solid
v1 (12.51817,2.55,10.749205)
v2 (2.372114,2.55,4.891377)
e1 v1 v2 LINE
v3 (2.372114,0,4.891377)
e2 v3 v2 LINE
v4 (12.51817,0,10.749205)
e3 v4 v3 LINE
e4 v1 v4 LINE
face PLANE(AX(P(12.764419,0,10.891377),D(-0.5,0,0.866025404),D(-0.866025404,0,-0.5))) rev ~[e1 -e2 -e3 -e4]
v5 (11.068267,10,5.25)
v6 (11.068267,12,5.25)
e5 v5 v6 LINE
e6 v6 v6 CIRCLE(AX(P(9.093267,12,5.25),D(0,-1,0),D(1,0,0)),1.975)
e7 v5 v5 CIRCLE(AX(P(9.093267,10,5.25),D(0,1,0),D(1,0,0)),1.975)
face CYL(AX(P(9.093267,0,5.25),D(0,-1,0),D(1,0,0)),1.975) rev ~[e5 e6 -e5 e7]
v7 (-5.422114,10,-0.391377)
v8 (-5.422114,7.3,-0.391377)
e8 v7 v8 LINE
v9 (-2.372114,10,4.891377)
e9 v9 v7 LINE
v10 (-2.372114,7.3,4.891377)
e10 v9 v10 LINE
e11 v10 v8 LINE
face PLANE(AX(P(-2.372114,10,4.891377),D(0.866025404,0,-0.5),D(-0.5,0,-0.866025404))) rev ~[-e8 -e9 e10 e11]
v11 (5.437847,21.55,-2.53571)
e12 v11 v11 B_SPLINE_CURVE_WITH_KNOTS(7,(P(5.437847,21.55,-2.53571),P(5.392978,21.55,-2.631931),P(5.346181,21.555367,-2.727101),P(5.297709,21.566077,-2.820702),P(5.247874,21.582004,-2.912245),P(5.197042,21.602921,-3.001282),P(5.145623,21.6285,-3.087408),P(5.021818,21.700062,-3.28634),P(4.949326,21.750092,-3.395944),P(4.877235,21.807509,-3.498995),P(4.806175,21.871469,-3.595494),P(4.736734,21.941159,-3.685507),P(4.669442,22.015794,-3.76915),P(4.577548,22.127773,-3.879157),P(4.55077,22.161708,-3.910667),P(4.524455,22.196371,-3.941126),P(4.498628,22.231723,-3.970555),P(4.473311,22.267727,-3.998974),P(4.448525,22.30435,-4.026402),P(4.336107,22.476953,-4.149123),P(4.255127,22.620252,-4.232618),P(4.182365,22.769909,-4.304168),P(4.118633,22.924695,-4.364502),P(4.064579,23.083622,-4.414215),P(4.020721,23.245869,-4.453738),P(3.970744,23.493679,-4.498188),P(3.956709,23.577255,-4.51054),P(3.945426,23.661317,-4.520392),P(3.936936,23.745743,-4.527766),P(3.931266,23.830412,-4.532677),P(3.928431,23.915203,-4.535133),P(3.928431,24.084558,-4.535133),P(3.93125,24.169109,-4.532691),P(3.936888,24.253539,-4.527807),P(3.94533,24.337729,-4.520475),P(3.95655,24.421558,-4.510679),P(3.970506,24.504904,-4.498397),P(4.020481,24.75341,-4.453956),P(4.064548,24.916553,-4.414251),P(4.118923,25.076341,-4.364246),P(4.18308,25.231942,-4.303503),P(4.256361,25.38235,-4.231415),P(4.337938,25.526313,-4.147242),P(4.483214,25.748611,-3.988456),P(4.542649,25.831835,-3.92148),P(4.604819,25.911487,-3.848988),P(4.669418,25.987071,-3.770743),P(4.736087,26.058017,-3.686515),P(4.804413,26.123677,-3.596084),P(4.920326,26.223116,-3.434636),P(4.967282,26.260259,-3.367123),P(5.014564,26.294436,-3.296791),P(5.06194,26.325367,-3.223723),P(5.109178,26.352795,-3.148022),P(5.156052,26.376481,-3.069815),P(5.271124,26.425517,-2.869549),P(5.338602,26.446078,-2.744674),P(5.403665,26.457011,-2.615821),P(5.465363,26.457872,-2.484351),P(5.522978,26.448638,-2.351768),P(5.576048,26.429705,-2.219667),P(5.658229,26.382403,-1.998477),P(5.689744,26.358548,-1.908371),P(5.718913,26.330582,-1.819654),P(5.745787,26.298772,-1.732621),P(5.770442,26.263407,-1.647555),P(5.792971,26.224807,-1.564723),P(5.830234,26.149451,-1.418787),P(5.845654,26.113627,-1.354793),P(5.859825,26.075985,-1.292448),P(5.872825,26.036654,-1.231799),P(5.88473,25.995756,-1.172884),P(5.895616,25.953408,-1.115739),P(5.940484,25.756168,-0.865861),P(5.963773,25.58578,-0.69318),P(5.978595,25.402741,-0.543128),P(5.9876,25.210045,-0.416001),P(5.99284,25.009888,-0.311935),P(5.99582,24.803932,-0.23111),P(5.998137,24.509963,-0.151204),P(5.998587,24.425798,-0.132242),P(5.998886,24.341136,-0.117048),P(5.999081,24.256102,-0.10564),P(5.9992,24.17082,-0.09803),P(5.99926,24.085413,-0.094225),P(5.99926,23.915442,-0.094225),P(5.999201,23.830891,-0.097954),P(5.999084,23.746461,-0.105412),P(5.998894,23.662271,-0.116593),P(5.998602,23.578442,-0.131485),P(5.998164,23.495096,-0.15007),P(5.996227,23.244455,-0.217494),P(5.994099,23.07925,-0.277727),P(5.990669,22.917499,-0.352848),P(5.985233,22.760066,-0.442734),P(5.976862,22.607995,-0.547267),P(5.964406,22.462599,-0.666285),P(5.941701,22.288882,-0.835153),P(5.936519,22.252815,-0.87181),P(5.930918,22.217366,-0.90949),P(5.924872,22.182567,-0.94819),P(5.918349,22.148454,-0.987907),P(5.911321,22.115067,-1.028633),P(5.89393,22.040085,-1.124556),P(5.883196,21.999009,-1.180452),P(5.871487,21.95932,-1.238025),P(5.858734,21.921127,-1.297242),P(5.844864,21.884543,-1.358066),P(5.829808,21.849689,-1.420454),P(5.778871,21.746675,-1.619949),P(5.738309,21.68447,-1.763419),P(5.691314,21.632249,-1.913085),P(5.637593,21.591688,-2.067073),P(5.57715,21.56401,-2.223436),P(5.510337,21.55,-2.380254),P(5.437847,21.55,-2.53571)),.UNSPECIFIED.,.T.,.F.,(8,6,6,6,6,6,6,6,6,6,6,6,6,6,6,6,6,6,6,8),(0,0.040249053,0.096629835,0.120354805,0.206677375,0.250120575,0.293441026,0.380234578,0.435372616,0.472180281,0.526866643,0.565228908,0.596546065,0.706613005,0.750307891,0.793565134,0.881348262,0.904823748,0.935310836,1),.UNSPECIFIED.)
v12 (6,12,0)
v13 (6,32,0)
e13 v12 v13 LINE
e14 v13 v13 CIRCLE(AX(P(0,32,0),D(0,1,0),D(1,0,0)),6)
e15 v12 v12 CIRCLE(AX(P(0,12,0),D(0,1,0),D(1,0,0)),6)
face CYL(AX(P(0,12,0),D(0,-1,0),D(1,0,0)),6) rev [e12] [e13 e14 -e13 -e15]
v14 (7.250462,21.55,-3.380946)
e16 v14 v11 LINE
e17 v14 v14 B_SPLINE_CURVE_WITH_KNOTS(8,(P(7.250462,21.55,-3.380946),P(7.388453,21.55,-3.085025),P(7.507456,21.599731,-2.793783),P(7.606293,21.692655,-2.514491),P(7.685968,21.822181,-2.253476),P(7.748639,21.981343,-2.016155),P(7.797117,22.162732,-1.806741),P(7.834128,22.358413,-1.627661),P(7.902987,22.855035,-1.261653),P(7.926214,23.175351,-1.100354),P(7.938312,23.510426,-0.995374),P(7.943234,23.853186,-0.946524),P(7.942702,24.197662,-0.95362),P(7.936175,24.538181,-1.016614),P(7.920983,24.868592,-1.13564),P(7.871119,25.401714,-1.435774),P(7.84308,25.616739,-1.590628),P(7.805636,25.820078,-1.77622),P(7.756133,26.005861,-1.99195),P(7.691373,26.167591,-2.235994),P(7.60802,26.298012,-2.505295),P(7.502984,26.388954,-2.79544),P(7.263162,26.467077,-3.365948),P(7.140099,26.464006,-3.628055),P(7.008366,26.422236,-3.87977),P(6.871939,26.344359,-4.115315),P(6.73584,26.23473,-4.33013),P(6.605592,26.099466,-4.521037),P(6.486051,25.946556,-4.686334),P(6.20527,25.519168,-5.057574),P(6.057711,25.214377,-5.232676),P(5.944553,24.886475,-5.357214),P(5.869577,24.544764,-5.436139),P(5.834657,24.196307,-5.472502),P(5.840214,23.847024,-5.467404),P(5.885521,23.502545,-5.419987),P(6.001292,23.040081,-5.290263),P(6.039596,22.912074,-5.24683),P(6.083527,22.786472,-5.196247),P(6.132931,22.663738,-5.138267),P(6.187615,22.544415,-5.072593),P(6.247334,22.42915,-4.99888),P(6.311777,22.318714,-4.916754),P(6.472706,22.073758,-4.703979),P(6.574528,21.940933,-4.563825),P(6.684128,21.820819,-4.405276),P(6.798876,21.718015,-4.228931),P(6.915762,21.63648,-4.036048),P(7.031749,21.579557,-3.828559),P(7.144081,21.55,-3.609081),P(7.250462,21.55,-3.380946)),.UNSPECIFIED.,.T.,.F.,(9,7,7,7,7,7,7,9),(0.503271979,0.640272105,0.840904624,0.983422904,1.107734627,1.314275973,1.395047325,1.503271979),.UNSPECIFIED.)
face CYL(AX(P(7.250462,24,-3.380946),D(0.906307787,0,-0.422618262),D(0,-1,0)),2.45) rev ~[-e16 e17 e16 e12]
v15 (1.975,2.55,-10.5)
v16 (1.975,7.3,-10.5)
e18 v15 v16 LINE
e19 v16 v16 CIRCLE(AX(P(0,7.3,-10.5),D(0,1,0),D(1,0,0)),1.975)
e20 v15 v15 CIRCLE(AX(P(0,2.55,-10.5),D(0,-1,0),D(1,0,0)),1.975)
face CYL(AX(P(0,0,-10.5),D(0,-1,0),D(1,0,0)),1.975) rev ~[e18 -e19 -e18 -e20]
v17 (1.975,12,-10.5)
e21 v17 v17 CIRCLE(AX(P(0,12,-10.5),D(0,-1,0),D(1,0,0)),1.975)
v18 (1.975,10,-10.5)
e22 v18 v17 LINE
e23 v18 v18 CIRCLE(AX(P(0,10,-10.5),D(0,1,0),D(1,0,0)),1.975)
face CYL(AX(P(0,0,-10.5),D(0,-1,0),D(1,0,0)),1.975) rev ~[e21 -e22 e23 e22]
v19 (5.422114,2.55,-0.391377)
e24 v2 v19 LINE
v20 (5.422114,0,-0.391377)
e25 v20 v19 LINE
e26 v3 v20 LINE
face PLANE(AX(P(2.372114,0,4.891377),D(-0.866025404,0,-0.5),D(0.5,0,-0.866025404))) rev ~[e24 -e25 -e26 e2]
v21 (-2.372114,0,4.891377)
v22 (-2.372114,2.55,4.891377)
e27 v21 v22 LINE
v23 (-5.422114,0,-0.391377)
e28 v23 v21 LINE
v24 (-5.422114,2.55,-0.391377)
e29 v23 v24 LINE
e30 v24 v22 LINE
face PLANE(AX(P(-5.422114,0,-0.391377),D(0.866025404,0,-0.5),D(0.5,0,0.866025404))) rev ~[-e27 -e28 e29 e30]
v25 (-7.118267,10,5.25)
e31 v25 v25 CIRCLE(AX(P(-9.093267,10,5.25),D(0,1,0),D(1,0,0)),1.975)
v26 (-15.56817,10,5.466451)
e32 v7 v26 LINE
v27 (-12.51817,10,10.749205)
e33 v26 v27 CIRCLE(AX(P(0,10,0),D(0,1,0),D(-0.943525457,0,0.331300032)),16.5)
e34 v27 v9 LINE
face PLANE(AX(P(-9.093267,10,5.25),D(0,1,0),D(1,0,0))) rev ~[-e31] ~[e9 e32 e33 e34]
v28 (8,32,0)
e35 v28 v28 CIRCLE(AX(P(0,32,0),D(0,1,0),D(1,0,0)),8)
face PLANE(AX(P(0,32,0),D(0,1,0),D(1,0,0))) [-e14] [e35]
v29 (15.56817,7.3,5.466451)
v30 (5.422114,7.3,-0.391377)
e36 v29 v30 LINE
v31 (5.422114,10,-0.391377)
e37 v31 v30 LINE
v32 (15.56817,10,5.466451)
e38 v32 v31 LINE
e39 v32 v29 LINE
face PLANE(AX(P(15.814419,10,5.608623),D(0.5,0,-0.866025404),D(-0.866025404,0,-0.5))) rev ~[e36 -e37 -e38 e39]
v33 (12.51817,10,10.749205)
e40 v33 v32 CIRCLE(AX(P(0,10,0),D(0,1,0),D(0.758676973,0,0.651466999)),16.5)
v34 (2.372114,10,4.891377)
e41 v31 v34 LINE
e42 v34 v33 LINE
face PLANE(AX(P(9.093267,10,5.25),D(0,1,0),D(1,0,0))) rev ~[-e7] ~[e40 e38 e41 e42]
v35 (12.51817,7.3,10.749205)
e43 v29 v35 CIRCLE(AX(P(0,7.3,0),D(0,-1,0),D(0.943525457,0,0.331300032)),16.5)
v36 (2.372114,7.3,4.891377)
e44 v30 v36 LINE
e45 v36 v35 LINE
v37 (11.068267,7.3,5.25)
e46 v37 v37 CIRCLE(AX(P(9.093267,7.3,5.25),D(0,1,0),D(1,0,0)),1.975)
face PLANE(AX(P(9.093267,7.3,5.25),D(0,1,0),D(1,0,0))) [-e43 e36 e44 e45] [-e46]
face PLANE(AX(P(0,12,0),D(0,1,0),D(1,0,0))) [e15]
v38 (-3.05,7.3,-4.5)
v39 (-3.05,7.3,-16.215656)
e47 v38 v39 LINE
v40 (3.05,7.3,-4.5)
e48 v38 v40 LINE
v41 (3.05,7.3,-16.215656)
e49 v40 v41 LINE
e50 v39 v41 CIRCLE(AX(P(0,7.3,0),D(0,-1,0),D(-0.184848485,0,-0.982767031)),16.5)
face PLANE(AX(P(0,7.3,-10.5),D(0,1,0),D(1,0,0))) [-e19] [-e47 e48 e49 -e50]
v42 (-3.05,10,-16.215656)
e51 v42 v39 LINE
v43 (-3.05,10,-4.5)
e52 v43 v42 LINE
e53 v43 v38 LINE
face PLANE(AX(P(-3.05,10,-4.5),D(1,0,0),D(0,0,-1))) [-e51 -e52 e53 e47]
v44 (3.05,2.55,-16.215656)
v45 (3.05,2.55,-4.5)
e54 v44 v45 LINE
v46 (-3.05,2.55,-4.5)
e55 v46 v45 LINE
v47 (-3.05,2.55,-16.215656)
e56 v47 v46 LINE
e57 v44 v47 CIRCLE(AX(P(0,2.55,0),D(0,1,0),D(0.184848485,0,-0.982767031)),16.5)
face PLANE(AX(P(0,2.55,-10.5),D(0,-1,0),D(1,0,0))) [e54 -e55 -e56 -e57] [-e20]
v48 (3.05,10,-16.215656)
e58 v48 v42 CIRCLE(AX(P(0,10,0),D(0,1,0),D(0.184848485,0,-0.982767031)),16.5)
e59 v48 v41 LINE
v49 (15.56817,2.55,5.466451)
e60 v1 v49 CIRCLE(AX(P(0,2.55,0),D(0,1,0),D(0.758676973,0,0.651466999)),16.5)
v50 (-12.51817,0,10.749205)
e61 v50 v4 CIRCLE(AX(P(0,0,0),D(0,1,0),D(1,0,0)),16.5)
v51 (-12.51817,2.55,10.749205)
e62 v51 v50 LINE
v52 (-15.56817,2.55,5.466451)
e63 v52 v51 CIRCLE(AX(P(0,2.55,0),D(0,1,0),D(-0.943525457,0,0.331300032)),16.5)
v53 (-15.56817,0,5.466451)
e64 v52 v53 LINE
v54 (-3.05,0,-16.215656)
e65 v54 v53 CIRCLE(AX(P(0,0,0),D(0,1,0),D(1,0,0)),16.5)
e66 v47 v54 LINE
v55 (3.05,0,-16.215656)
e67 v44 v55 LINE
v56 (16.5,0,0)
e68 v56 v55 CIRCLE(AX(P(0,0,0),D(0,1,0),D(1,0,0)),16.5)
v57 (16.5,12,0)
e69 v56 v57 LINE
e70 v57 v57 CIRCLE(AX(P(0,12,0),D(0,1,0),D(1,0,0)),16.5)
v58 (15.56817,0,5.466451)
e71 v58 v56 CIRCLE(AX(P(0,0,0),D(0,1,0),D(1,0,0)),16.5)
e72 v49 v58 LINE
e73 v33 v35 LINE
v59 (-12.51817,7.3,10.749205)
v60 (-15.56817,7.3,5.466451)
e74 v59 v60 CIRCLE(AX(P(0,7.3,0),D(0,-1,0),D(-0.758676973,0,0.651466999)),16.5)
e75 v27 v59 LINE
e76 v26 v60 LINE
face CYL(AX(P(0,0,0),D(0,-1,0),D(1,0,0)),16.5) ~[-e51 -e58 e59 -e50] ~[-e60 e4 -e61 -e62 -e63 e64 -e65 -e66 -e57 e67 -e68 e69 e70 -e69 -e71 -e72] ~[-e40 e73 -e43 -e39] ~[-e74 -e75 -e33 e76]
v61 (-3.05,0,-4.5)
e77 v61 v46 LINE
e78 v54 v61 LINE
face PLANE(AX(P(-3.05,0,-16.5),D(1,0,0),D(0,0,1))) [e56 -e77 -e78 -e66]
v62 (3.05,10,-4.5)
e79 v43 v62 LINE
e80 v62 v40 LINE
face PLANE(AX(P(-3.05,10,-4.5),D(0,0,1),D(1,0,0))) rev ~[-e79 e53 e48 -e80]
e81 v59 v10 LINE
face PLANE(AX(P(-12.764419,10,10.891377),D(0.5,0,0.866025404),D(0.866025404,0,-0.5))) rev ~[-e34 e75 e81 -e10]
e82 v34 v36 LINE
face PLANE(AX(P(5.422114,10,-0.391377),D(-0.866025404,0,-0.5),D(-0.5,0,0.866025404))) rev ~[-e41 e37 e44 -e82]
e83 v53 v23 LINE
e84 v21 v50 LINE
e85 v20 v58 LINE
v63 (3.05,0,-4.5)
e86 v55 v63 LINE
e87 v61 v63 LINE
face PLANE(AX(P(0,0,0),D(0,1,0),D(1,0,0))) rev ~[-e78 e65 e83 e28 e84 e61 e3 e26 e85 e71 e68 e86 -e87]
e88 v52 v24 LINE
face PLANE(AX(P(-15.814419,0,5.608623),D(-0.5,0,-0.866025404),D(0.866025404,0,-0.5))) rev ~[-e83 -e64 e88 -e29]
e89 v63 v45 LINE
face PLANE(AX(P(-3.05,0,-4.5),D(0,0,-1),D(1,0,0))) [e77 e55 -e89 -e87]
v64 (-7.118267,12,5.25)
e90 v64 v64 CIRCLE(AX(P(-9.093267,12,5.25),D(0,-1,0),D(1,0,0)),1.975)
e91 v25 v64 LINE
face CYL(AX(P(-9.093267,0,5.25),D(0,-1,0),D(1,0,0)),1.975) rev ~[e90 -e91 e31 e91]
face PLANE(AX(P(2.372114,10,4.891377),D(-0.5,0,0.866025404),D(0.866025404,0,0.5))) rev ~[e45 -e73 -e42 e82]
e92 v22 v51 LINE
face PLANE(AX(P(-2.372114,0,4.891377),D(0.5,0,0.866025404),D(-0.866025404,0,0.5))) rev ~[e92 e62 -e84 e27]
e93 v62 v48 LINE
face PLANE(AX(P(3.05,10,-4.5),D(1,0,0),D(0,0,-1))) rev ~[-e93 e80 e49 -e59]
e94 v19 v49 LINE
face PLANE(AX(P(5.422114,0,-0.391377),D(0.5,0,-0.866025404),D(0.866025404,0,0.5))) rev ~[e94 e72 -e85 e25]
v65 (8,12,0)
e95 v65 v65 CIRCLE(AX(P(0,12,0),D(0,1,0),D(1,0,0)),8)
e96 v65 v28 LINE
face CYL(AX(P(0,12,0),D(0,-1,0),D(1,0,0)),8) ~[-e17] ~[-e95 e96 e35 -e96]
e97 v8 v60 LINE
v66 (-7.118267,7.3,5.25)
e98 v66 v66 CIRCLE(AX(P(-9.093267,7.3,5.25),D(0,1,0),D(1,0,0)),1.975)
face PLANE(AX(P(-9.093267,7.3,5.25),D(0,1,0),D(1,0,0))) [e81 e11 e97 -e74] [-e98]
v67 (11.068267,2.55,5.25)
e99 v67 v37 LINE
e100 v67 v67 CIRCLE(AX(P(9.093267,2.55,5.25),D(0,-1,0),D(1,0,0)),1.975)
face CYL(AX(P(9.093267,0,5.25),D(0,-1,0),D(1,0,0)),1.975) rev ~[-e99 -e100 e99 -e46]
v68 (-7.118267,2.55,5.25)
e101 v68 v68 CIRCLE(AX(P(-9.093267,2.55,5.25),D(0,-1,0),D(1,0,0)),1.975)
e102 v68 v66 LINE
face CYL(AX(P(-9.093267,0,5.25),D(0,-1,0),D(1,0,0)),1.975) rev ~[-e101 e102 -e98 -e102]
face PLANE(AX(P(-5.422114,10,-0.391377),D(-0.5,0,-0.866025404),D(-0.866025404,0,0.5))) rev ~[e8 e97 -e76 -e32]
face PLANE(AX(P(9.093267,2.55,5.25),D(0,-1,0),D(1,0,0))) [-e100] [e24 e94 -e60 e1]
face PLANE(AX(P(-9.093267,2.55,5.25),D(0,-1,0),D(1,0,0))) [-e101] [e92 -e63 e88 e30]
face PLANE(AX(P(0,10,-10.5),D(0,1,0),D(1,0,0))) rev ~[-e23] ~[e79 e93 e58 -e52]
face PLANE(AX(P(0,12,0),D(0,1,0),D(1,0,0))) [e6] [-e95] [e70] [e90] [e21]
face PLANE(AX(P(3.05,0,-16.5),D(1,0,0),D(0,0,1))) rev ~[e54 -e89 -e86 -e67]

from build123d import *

# Parameters (mm, degrees)
CROQUIS1_R              = 16.5
SALIENTE_EXTRUIR1_DEPTH = 12
CROQUIS2_R              = 1.975
CROQUIS2_W              = 6.1
CROQUIS2_H              = 12
CORTAR_EXTRUIR1_DEPTH   = 2.55
CROQUIS2_2_R            = 1.975
CORTAR_EXTRUIR2_DEPTH   = 27.239283527
CORTAR_EXTRUIR3_START   = -2.7
CROQUIS3_W              = 6.1
CROQUIS3_H              = 12
CROQUIS3_R              = 1.975
CORTAR_EXTRUIR3_DEPTH   = 2.7
CROQUIS4_R              = 8
CROQUIS4_R_2            = 6
EXTRUIR_L_MINA1_DEPTH   = 20
CORTAR_EXTRUIR4_REACH   = 46.535
CROQUIS5_R              = 2.45


with BuildPart() as part:
    # Croquis1 → Saliente-Extruir1 (new body)
    with BuildSketch(Plane(origin=(0, 0, 0), x_dir=(1, 0, 0), z_dir=(0, 1, 0))):
        Circle(CROQUIS1_R)
    extrude(amount=SALIENTE_EXTRUIR1_DEPTH)

    # Croquis2 → Cortar-Extruir1 (cut)
    # profile 1 of 3: a face of its own
    with BuildSketch(Plane.XZ):
        Polygon((-12.764419162, 10.891377482), (-15.814419162, 5.608622518), (-5.422114317, -0.391377482), (-2.372114317, 4.891377482), align=None)
        with Locations((-9.09326674, 5.25)):
            Circle(CROQUIS2_R, mode=Mode.SUBTRACT)
    # profile 2 of 3: a face of its own
    with BuildSketch(Plane.XZ):
        with Locations((0, -10.5)):
            Rectangle(CROQUIS2_W, CROQUIS2_H)
        with Locations((0, -10.5)):
            Circle(CROQUIS2_R, mode=Mode.SUBTRACT)
    # profile 3 of 3: a face of its own
    with BuildSketch(Plane.XZ):
        Polygon((15.814419162, 5.608622518), (12.764419162, 10.891377482), (2.372114317, 4.891377482), (5.422114317, -0.391377482), align=None)
        with Locations((9.09326674, 5.25)):
            Circle(CROQUIS2_R, mode=Mode.SUBTRACT)
    extrude(amount=-CORTAR_EXTRUIR1_DEPTH, mode=Mode.SUBTRACT)

    # Croquis2<2> → Cortar-Extruir2 (cut, through all)
    with BuildSketch(Plane.XZ):
        with Locations((0, -10.5)):
            Circle(CROQUIS2_2_R)
        with Locations((-9.09326674, 5.25)):
            Circle(CROQUIS2_2_R)
        with Locations((9.09326674, 5.25)):
            Circle(CROQUIS2_2_R)
    extrude(amount=-CORTAR_EXTRUIR2_DEPTH, mode=Mode.SUBTRACT)

    # Croquis3 → Cortar-Extruir3 (cut)
    # profile 1 of 3: a face of its own
    with BuildSketch(Plane(origin=(0, 10, 0), x_dir=(1, 0, 0), z_dir=(0, 1, 0)).offset(CORTAR_EXTRUIR3_START)):
        with Locations((0, 10.5)):
            Rectangle(CROQUIS3_W, CROQUIS3_H)
        with Locations((0, 10.5)):
            Circle(CROQUIS3_R, mode=Mode.SUBTRACT)
    # profile 2 of 3: a face of its own
    with BuildSketch(Plane(origin=(0, 10, 0), x_dir=(1, 0, 0), z_dir=(0, 1, 0)).offset(CORTAR_EXTRUIR3_START)):
        Polygon((12.764419162, -10.891377482), (15.814419162, -5.608622518), (5.422114317, 0.391377482), (2.372114317, -4.891377482), align=None)
        with Locations((9.09326674, -5.25)):
            Circle(CROQUIS3_R, mode=Mode.SUBTRACT)
    # profile 3 of 3: a face of its own
    with BuildSketch(Plane(origin=(0, 10, 0), x_dir=(1, 0, 0), z_dir=(0, 1, 0)).offset(CORTAR_EXTRUIR3_START)):
        Polygon((-15.814419162, -5.608622518), (-12.764419162, -10.891377482), (-2.372114317, -4.891377482), (-5.422114317, 0.391377482), align=None)
        with Locations((-9.09326674, -5.25)):
            Circle(CROQUIS3_R, mode=Mode.SUBTRACT)
    extrude(amount=CORTAR_EXTRUIR3_DEPTH, mode=Mode.SUBTRACT)

    # Croquis4 → Extruir-Lámina1 (add)
    with BuildSketch(Plane(origin=(0, 12, 0), x_dir=(1, 0, 0), z_dir=(0, 1, 0))):
        Circle(CROQUIS4_R)
        Circle(CROQUIS4_R_2, mode=Mode.SUBTRACT)
    extrude(amount=EXTRUIR_L_MINA1_DEPTH)

    # Croquis5 → Cortar-Extruir4 (cut, up to next)
    with BuildSketch(Plane(origin=(7.250462296, 0, -3.380946094), x_dir=(0, -1, 0), z_dir=(0.906307787036651, 0, -0.4226182617406972)), mode=Mode.PRIVATE) as cortar_extruir4_sk1:
        with Locations((-24, 0)):
            Circle(CROQUIS5_R)
    cortar_extruir4_tool1 = extrude(cortar_extruir4_sk1.sketch, amount=-CORTAR_EXTRUIR4_REACH, mode=Mode.PRIVATE) & part.part
    add(cortar_extruir4_tool1.solids().sort_by_distance((7.250462, 24, -3.380946))[0], mode=Mode.SUBTRACT)


solid = part.part
